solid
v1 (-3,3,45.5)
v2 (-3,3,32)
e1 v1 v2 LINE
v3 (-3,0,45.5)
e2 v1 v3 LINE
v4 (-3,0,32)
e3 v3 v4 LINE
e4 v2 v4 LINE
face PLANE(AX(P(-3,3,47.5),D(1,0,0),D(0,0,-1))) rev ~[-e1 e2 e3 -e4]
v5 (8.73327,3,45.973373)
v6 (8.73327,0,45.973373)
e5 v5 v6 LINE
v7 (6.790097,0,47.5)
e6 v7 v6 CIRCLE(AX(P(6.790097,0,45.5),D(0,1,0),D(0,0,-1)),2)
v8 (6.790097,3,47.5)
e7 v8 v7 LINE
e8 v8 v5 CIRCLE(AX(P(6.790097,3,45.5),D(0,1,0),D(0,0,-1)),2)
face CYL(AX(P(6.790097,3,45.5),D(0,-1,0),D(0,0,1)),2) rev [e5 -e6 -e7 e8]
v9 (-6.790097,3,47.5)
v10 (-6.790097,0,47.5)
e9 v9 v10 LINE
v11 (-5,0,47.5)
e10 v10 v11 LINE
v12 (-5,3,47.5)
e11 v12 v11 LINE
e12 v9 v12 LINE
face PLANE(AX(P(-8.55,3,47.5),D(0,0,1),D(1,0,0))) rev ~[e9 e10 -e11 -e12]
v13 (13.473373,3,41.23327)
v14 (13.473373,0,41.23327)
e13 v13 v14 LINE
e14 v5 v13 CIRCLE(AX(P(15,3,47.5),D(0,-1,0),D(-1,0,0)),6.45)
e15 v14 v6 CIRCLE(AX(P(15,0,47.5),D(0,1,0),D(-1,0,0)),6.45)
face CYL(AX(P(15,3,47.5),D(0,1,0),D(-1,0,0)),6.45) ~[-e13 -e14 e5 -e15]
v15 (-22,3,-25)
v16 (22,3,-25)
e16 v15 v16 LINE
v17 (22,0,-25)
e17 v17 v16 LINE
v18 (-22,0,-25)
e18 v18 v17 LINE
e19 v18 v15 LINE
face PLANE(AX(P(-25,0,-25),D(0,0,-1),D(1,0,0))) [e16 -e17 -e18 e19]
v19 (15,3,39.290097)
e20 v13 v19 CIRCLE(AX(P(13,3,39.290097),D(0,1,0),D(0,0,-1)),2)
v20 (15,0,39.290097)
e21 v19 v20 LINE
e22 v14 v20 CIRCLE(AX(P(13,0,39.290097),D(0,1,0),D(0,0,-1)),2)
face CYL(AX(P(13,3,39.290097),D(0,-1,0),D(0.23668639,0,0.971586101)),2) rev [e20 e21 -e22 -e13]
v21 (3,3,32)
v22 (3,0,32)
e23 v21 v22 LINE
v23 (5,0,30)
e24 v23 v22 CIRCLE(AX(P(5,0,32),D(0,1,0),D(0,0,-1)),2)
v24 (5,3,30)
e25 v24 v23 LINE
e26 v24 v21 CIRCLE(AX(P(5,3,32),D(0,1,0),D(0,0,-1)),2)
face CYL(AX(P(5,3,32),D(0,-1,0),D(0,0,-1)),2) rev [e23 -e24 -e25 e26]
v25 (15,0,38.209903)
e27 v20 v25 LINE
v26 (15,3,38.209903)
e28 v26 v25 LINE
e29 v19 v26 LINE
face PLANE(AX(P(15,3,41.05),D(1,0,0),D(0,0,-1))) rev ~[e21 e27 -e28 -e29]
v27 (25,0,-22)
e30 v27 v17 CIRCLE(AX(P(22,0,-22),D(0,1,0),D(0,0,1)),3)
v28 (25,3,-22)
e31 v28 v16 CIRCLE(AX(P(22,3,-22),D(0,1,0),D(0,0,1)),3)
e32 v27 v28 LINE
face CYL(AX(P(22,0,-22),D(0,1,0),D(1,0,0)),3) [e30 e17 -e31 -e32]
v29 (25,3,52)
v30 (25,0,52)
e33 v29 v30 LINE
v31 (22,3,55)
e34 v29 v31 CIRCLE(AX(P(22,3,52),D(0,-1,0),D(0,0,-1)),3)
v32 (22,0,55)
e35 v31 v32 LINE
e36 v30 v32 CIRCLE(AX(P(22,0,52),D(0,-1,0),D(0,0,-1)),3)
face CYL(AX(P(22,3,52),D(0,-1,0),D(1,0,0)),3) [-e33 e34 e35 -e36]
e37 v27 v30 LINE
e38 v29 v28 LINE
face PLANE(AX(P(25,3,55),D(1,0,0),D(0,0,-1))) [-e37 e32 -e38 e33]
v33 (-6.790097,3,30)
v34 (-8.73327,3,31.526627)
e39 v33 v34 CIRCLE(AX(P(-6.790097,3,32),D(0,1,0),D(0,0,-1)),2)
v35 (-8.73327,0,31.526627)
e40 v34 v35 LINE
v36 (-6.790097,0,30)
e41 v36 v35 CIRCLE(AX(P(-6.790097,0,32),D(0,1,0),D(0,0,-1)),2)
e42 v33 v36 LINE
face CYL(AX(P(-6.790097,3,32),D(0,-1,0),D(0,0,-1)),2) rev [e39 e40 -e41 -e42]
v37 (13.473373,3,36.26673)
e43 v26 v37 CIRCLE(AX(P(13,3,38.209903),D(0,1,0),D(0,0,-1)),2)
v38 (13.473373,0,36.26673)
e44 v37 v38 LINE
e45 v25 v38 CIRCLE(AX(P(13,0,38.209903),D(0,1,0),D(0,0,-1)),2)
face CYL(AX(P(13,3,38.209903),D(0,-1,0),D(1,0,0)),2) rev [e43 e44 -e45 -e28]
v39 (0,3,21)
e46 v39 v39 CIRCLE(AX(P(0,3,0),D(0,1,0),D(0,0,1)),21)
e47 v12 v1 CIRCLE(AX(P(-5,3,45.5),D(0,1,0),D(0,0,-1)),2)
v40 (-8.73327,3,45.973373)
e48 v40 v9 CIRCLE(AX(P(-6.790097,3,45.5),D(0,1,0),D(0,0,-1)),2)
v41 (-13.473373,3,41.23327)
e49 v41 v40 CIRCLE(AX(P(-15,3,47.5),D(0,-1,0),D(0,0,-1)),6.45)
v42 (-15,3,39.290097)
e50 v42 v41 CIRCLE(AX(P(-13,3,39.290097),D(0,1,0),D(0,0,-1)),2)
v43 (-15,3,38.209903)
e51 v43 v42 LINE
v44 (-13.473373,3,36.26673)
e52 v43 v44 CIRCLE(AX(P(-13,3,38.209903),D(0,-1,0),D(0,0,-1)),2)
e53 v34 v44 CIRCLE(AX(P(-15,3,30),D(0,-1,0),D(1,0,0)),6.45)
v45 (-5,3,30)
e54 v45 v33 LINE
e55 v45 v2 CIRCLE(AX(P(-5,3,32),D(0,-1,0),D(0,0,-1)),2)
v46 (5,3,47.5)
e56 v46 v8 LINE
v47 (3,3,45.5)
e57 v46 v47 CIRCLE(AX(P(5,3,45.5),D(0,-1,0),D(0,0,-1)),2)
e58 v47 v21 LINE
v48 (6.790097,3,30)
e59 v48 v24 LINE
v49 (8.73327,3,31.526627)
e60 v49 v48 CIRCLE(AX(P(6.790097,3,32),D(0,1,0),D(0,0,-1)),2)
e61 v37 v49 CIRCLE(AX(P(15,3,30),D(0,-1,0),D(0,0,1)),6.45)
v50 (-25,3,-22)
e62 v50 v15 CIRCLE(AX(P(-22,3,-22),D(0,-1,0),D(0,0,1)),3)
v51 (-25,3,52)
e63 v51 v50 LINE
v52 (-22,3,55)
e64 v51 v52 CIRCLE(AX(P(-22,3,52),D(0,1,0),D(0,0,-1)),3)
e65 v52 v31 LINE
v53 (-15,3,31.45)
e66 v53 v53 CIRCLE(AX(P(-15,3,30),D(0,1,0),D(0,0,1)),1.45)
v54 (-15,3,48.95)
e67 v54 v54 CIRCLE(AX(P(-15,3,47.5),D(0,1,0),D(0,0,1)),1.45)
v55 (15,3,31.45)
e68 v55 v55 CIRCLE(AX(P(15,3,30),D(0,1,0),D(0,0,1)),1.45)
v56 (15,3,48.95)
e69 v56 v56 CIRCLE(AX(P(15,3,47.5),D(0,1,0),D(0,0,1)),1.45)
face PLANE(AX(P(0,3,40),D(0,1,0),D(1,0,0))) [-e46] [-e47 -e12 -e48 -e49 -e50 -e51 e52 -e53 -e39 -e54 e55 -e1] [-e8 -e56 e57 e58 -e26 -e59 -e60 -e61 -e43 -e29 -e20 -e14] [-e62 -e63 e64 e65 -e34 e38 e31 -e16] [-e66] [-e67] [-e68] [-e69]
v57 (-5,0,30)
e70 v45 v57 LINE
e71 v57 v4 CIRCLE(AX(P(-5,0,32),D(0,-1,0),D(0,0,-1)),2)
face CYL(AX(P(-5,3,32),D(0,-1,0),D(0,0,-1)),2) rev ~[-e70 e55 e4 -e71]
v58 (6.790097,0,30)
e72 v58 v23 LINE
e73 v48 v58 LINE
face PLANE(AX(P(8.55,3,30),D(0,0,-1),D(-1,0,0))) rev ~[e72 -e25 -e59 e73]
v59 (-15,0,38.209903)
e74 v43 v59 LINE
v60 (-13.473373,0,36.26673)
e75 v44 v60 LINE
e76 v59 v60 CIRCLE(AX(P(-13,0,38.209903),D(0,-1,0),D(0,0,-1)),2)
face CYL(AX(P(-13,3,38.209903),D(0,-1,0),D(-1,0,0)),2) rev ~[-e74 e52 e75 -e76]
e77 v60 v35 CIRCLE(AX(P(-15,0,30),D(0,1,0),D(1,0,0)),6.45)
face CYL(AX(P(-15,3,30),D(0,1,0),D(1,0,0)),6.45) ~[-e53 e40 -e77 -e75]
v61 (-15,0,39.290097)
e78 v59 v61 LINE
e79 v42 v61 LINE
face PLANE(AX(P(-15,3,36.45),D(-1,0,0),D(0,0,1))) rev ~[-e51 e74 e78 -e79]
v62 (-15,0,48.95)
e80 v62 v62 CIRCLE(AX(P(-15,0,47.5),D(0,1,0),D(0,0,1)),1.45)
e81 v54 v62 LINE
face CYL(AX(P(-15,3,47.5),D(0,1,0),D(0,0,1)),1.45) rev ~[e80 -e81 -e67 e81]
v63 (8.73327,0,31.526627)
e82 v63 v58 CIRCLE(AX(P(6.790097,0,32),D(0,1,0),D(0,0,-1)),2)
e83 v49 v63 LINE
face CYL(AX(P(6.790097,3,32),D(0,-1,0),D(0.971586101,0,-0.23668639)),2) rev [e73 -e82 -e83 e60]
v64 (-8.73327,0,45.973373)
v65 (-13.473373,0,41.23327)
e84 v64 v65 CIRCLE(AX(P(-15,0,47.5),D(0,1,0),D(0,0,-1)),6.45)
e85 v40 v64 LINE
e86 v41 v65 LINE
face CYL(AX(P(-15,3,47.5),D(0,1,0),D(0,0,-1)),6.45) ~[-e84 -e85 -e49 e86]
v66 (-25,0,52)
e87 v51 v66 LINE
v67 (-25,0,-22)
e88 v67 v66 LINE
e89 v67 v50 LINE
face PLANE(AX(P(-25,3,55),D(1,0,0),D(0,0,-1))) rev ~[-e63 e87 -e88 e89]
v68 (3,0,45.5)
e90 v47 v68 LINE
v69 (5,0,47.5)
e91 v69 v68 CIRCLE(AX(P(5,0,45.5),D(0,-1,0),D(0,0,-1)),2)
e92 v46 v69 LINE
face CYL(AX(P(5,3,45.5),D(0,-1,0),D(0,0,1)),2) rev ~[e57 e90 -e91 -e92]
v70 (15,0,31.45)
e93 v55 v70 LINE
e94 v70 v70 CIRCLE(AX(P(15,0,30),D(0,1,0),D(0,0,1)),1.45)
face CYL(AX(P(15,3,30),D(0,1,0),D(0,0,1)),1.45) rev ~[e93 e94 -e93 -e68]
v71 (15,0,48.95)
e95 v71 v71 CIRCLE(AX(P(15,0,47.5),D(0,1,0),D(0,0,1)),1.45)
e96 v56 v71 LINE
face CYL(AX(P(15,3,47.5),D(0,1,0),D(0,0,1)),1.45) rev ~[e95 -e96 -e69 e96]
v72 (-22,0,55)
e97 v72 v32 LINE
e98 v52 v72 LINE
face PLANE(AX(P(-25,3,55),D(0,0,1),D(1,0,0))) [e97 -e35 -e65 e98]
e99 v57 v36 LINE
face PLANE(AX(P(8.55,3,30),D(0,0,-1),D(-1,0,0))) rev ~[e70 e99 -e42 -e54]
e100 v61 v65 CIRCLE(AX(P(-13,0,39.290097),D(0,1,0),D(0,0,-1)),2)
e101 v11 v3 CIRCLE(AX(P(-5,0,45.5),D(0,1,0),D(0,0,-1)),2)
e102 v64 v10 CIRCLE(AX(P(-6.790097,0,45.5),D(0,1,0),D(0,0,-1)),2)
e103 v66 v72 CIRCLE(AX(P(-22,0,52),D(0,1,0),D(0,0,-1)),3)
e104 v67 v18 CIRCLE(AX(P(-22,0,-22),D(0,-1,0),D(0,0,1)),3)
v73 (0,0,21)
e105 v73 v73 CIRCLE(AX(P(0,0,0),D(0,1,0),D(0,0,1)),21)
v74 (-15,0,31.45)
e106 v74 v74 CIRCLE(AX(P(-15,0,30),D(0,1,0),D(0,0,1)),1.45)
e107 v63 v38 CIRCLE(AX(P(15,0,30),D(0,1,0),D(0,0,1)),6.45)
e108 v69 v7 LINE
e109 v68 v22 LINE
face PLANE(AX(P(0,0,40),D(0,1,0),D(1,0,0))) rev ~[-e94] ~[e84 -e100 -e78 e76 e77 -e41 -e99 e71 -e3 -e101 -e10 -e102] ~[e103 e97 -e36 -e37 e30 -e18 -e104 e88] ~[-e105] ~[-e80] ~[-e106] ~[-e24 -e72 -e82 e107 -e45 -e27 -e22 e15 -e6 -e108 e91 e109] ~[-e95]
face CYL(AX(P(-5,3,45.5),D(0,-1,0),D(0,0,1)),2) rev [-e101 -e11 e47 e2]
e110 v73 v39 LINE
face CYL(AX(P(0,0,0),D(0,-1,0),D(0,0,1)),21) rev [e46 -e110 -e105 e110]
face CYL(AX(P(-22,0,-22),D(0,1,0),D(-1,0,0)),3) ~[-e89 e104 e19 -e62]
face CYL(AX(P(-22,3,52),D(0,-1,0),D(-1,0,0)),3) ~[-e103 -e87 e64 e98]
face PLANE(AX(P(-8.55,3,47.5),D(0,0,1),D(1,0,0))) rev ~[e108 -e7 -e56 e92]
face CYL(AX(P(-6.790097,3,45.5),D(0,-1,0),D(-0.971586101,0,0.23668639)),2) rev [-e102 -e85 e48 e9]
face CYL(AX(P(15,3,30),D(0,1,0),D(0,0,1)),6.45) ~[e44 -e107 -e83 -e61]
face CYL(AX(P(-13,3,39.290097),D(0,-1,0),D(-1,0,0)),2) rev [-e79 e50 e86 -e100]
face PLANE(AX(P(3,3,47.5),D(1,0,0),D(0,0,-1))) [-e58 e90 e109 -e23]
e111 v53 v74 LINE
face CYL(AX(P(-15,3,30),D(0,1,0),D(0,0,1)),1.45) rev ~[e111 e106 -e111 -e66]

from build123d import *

# Parameters (mm, degrees)
SKETCH_1_W          = 50
SKETCH_1_H          = 50
SKETCH_1_R          = 21
EXTRUDE_1_DEPTH     = 3
SKETCH_2_W          = 50
SKETCH_2_H          = 30
SKETCH_2_R          = 1.45
EXTRUDE_2_DEPTH     = 3
FILLET_1_R          = 3
SKETCH_3_R          = 1.45
CUT_EXTRUDE_1_DEPTH = 61.489668539
CUT_EXTRUDE_7_DEPTH = 61.489668539
SKETCH_13_W         = 6
SKETCH_13_H         = 17.5
EXTRUDE_3_DEPTH     = 3
FILLET_2_R          = 2


with BuildPart() as part:
    # 草图1 → 凸台-拉伸1 (new body)
    with BuildSketch(Plane(origin=(0, 0, 0), x_dir=(1, 0, 0), z_dir=(0, 1, 0))):
        Rectangle(SKETCH_1_W, SKETCH_1_H)
        with Locations(Location((0, 0, 0), (0, 0, 270))):
            Circle(SKETCH_1_R, mode=Mode.SUBTRACT)
    extrude(amount=EXTRUDE_1_DEPTH)

    # 草图2 → 凸台-拉伸2 (add)
    with BuildSketch(Plane(origin=(0, 3, 0), x_dir=(1, 0, 0), z_dir=(0, 1, 0))):
        with Locations((0, -40)):
            Rectangle(SKETCH_2_W, SKETCH_2_H)
        with Locations(Location((-15, -47.5, 0), (0, 0, 270))):
            Circle(SKETCH_2_R, mode=Mode.SUBTRACT)
        with Locations(Location((15, -47.5, 0), (0, 0, 270))):
            Circle(SKETCH_2_R, mode=Mode.SUBTRACT)
    extrude(amount=-EXTRUDE_2_DEPTH)

    # 圆角1
    fillet_1_edges = [part.edges().sort_by_distance(p)[0] for p in [
        (25, 1.5, 55),
        (-25, 1.5, 55),
        (-25, 1.5, -25),
        (25, 1.5, -25),
    ]]
    fillet(fillet_1_edges, radius=FILLET_1_R)

    # 草图3 → 切除-拉伸1 (cut, through all)
    with BuildSketch(Plane(origin=(0, 3, 0), x_dir=(1, 0, 0), z_dir=(0, 1, 0))):
        with Locations(Location((-15, -30, 0), (0, 0, 270))):
            Circle(SKETCH_3_R)
        with Locations(Location((15, -30, 0), (0, 0, 270))):
            Circle(SKETCH_3_R)
    extrude(amount=-CUT_EXTRUDE_1_DEPTH, mode=Mode.SUBTRACT)

    # 草图12 → 切除-拉伸7 (cut, through all)
    with BuildSketch(Plane(origin=(0, 3, 0), x_dir=(1, 0, 0), z_dir=(0, 1, 0))):
        with BuildLine():
            ThreePointArc((-8.55, -30), (-10.439161261, -34.560838739), (-15, -36.45))
            Line((-15, -36.45), (-15, -41.05))
            ThreePointArc((-15, -41.05), (-10.439161261, -42.939161261), (-8.55, -47.5))
            Line((-8.55, -47.5), (8.55, -47.5))
            ThreePointArc((8.55, -47.5), (10.439161261, -42.939161261), (15, -41.05))
            Line((15, -41.05), (15, -36.45))
            ThreePointArc((15, -36.45), (10.439161261, -34.560838739), (8.55, -30))
            Line((8.55, -30), (-8.55, -30))
        make_face()
    extrude(amount=-CUT_EXTRUDE_7_DEPTH, mode=Mode.SUBTRACT)

    # 草图13 → 凸台-拉伸3 (add)
    with BuildSketch(Plane(origin=(0, 3, 0), x_dir=(1, 0, 0), z_dir=(0, 1, 0))):
        with Locations((0, -38.75)):
            Rectangle(SKETCH_13_W, SKETCH_13_H)
    extrude(amount=-EXTRUDE_3_DEPTH)

    # 圆角2
    fillet_2_edges = [part.edges().sort_by_distance(p)[0] for p in [
        (-3, 1.5, 30),
        (3, 1.5, 30),
        (3, 1.5, 47.5),
        (-3, 1.5, 47.5),
        (15, 1.5, 41.05),
        (8.55, 1.5, 47.5),
        (-8.55, 1.5, 47.5),
        (-15, 1.5, 41.05),
        (-15, 1.5, 36.45),
        (-8.55, 1.5, 30),
        (8.55, 1.5, 30),
        (15, 1.5, 36.45),
    ]]
    fillet(fillet_2_edges, radius=FILLET_2_R)


solid = part.part
